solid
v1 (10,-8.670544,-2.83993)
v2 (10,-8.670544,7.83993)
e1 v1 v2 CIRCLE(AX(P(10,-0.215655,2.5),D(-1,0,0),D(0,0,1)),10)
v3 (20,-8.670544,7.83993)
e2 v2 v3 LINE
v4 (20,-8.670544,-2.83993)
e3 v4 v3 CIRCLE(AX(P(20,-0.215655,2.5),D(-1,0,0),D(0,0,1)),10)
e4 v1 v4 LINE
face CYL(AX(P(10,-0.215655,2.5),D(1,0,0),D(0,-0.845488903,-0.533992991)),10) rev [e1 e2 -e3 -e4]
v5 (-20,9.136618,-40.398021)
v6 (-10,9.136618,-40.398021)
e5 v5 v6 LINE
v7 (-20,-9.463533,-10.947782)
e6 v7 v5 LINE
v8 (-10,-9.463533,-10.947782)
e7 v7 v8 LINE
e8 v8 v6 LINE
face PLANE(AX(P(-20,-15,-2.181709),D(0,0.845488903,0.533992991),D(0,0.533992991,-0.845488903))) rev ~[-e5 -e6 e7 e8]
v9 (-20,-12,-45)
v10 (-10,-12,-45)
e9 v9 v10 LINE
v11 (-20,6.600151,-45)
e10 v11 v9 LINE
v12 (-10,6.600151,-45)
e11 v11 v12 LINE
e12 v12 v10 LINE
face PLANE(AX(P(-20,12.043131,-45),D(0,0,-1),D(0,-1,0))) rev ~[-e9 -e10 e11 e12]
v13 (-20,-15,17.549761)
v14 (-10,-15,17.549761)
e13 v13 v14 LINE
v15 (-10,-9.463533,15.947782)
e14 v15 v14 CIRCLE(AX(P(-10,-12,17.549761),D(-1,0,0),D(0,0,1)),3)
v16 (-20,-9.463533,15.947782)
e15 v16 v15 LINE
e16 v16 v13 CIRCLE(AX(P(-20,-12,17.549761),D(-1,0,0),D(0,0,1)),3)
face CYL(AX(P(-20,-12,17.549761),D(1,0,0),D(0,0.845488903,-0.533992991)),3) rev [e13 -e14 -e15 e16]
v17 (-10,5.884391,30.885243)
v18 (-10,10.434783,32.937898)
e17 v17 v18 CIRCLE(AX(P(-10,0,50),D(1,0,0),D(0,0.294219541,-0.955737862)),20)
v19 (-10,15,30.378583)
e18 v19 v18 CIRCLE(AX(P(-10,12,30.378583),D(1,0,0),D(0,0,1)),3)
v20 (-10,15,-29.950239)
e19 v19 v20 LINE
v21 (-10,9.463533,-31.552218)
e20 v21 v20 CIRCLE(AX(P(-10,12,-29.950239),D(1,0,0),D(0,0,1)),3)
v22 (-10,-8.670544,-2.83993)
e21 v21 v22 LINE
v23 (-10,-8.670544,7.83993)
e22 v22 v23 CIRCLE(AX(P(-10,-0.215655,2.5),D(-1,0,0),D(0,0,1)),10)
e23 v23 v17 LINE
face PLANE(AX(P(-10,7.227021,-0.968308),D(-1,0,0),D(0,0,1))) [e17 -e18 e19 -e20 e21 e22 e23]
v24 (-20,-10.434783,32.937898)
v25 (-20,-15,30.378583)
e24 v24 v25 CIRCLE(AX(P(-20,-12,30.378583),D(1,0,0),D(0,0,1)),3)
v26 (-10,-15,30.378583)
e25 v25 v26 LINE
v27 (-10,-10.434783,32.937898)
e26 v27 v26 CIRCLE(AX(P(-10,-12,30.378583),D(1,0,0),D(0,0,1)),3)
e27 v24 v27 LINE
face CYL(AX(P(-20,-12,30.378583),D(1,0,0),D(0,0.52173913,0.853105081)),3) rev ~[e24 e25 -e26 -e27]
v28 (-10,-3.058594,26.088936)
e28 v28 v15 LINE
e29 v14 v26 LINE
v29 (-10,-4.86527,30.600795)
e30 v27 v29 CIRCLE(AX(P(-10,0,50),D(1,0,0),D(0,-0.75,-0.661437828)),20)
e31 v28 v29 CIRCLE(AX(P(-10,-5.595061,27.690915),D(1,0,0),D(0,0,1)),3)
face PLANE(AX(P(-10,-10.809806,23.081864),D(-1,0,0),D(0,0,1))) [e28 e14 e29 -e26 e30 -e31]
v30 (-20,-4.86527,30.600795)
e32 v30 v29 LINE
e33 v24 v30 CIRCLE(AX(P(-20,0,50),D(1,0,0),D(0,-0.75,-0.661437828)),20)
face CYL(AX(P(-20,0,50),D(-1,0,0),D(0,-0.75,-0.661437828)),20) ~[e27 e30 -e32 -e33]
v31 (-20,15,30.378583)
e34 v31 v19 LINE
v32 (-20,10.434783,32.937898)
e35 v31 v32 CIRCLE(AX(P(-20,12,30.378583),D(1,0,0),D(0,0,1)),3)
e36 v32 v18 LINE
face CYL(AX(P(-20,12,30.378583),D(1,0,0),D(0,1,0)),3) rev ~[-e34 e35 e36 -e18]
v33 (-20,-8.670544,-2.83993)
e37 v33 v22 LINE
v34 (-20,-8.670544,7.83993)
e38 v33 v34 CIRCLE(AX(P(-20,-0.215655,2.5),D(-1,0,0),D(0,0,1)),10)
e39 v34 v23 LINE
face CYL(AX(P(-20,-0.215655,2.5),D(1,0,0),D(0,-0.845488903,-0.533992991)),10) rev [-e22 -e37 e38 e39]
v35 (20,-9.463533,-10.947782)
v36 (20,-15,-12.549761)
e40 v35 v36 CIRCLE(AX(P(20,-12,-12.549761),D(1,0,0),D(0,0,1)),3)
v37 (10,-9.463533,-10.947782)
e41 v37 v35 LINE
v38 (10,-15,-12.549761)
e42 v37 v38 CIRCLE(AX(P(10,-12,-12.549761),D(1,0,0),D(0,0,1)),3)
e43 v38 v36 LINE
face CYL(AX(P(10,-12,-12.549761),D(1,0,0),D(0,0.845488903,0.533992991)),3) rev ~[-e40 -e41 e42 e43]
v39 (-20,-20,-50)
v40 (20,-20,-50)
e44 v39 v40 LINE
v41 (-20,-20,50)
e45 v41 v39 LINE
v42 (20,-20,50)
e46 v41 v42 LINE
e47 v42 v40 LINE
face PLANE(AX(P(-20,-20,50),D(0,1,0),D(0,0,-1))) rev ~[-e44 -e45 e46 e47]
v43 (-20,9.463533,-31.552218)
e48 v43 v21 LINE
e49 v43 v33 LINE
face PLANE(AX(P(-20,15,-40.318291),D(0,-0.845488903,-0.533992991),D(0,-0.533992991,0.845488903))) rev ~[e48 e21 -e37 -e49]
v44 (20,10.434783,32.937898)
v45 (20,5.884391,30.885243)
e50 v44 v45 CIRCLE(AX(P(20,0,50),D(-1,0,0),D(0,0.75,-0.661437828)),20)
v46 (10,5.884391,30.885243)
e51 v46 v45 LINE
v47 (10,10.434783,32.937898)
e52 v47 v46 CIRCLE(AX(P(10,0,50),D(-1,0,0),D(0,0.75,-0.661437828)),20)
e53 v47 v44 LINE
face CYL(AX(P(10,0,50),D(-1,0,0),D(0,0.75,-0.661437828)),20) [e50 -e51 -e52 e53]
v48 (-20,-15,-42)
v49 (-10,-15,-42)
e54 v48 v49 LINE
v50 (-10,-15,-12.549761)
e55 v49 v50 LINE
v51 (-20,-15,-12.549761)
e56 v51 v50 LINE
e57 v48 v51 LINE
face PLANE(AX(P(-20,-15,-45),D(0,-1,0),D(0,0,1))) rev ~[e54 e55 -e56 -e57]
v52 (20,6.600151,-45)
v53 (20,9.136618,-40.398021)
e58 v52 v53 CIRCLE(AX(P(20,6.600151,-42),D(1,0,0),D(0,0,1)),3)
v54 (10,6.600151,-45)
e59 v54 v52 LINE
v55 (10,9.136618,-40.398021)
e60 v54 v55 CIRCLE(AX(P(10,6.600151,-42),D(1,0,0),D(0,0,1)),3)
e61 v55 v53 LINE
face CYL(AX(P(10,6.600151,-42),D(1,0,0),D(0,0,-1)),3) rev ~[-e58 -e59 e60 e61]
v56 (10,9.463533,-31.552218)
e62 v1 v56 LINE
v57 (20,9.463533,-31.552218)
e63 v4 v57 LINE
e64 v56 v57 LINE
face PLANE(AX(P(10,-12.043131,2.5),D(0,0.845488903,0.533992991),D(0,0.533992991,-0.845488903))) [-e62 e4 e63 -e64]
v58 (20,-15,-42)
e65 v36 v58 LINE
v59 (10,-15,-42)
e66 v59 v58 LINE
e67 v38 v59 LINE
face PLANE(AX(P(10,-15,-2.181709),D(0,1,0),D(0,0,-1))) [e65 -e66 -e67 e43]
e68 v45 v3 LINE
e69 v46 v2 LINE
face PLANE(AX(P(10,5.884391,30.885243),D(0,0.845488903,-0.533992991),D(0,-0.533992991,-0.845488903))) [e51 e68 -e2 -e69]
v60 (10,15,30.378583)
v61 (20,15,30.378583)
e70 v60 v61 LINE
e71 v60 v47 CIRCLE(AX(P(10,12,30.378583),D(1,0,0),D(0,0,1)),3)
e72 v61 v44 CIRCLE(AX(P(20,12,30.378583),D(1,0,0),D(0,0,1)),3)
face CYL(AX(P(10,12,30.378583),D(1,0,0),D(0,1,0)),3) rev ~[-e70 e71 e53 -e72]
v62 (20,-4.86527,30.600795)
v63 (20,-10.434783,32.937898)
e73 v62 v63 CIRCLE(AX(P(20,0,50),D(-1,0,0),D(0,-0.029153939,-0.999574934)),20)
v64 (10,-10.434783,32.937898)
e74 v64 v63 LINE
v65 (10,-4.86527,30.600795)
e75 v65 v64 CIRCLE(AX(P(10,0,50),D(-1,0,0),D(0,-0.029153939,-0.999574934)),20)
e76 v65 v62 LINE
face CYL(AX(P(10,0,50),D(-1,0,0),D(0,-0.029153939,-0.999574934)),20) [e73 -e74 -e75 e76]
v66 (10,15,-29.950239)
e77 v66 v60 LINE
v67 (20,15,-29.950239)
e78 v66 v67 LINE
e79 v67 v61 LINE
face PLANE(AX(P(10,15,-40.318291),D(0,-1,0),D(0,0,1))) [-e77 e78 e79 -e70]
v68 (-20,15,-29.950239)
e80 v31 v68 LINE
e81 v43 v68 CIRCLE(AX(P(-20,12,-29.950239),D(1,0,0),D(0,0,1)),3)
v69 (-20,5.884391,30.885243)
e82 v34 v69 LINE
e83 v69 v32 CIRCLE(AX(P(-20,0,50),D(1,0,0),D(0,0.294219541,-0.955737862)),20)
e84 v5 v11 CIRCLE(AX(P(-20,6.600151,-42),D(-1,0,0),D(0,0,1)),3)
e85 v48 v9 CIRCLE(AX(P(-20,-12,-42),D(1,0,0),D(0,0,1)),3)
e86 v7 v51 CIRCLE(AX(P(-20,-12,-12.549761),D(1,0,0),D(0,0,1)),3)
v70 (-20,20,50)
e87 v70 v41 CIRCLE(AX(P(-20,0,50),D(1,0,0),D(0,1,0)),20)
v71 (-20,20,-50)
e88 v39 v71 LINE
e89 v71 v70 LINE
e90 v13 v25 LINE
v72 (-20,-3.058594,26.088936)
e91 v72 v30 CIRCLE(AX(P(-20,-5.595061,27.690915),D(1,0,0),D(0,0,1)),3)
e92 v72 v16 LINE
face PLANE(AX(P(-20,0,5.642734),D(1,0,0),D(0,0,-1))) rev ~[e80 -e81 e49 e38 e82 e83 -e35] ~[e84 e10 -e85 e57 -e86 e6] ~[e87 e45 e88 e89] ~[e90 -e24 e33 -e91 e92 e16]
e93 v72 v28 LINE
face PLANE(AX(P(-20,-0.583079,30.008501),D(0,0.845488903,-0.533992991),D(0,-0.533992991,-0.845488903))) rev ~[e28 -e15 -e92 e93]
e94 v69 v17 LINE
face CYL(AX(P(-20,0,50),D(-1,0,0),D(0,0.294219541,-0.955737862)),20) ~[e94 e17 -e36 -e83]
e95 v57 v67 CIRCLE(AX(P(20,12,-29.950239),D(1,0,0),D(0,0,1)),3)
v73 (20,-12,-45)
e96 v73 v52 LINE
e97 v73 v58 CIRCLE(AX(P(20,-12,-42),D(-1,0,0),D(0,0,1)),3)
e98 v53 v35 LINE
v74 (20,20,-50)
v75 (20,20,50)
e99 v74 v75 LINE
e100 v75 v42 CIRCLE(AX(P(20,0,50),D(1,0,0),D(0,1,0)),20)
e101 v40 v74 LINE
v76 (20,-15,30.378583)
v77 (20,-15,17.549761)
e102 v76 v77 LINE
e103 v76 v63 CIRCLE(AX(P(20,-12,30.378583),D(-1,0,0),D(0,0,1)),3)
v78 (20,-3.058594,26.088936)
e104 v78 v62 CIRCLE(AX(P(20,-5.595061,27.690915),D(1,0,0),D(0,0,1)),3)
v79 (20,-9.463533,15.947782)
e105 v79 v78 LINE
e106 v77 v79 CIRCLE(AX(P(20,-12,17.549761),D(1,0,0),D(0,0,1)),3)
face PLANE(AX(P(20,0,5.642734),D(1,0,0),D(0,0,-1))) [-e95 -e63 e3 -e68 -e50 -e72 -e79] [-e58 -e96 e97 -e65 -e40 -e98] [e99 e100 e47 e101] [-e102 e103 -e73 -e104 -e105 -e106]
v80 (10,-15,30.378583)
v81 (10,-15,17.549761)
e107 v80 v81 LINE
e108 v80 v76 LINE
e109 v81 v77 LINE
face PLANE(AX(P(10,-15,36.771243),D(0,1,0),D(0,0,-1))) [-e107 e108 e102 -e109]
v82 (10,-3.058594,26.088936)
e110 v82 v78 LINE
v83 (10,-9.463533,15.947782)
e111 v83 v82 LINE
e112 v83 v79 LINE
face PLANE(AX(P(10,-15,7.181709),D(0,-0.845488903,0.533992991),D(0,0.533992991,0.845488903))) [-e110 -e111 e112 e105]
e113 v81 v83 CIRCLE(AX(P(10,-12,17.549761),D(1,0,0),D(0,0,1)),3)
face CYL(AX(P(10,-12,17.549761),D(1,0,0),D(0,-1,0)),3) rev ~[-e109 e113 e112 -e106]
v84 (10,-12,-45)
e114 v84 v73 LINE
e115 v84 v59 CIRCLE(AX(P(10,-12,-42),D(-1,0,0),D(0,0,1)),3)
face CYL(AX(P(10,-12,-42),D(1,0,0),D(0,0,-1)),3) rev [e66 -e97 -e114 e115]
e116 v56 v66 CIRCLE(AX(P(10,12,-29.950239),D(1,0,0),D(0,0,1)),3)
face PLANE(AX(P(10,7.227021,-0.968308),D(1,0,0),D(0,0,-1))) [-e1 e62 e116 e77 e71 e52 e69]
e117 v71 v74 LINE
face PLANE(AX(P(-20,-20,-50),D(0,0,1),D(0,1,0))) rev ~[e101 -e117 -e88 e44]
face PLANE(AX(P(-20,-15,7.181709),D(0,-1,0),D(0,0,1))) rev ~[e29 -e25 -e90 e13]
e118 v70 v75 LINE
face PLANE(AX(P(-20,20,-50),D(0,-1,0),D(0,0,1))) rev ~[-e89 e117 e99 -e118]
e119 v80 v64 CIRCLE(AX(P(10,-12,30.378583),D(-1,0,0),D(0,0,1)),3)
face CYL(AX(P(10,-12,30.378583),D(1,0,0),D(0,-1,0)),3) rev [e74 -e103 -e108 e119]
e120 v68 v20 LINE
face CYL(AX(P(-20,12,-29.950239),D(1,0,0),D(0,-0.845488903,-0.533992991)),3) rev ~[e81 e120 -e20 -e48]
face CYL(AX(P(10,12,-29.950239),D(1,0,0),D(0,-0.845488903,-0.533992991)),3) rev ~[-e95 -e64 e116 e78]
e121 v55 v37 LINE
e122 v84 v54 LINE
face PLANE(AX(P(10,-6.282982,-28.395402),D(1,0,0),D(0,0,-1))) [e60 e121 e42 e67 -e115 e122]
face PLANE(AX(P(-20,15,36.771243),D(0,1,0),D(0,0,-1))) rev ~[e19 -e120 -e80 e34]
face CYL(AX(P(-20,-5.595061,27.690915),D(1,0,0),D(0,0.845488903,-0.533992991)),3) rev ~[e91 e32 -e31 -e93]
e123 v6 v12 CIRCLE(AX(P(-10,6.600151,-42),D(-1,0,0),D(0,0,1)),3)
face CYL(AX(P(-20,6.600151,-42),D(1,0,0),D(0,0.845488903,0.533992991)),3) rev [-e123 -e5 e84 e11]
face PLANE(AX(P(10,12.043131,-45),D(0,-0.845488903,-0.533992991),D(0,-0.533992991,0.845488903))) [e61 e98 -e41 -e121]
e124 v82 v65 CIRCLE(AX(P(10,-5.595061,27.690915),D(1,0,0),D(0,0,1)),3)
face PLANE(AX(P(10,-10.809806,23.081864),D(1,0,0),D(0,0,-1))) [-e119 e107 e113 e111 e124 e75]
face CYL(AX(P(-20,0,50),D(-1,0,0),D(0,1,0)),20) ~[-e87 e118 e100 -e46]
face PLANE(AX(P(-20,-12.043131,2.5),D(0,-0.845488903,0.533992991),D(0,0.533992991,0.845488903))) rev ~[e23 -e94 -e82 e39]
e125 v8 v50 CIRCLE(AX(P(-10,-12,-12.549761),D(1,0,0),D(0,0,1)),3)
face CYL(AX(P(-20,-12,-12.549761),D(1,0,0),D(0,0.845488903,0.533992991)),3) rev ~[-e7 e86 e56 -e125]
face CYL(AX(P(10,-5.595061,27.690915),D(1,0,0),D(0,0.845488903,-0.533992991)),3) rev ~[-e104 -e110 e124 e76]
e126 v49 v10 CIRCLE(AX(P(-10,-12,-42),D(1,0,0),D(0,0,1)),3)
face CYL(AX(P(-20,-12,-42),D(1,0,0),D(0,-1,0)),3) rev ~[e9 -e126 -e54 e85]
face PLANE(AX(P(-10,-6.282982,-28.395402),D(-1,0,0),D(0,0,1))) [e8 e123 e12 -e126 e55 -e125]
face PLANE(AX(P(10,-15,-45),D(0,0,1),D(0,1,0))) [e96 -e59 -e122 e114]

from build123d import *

# Parameters (mm, degrees)
BOSS_EXTRUDE1_DEPTH      = 20
BOSS_EXTRUDE1_DEPTH_BACK = 20
CUT_EXTRUDE1_START       = -10
CUT_EXTRUDE1_DEPTH       = 10
CUT_EXTRUDE3_DEPTH       = 10
FILLET1_R                = 3
FILLET2_R                = 10


with BuildPart() as part:
    # Sketch1 → Boss-Extrude1 (new, two sides: drawn at the far end of the back side and taken through both)
    with BuildSketch(Plane(origin=(0, 0, 0), x_dir=(0, 0, -1), z_dir=(1, 0, 0)).offset(-BOSS_EXTRUDE1_DEPTH_BACK)):
        with BuildLine():
            Line((-50, -20), (50, -20))
            Line((50, -20), (50, 20))
            Line((50, 20), (-50, 20))
            ThreePointArc((-50, 20), (-70, 0), (-50, -20))
        make_face()
    extrude(amount=BOSS_EXTRUDE1_DEPTH + BOSS_EXTRUDE1_DEPTH_BACK)

    # Sketch2 → Cut-Extrude1 (cut)
    with BuildSketch(Plane(origin=(20, 0, 0), x_dir=(0, 0, -1), z_dir=(1, 0, 0)).offset(CUT_EXTRUDE1_START)):
        with BuildLine():
            Line((-2.5, -12.043130914), (40.318290614, 15))
            Line((40.318290614, 15), (-36.771243445, 15))
            ThreePointArc((-36.771243445, 15), (-33.198235095, 10.848995164), (-30.885242753, 5.884390825))
            Line((-30.885242753, 5.884390825), (-2.5, -12.043130914))
        make_face()
        Polygon((45, -15), (45, 12.043130914), (2.181709386, -15), align=None)
        with BuildLine():
            Line((-36.771243445, -15), (-7.181709386, -15))
            Line((-7.181709386, -15), (-30.008501328, -0.583078774))
            ThreePointArc((-30.008501328, -0.583078774), (-31.893143736, -8.493630334), (-36.771243445, -15))
        make_face()
    extrude(amount=CUT_EXTRUDE1_DEPTH, mode=Mode.SUBTRACT)

    # Sketch4 → Cut-Extrude3 (cut)
    with BuildSketch(Plane.ZY.offset(20)):
        with BuildLine():
            Line((2.5, -12.043130914), (30.885242753, 5.884390825))
            ThreePointArc((30.885242753, 5.884390825), (33.198235095, 10.848995164), (36.771243445, 15))
            Line((36.771243445, 15), (-40.318290614, 15))
            Line((-40.318290614, 15), (2.5, -12.043130914))
        make_face()
        with BuildLine():
            Line((7.181709386, -15), (36.771243445, -15))
            ThreePointArc((36.771243445, -15), (31.893143736, -8.493630334), (30.008501328, -0.583078774))
            Line((30.008501328, -0.583078774), (7.181709386, -15))
        make_face()
        Polygon((-45, 12.043130914), (-45, -15), (-2.181709386, -15), align=None)
    extrude(amount=-CUT_EXTRUDE3_DEPTH, mode=Mode.SUBTRACT)

    # Fillet1
    fillet1_edges = [part.edges().sort_by_distance(p)[0] for p in [
        (15, -15, 36.771243445),
        (15, -0.583078774, 30.008501328),
        (15, -15, 7.181709386),
        (15, 12.043130914, -45),
        (15, -15, -45),
        (15, -15, -2.181709386),
        (15, 15, 36.771243445),
        (15, 15, -40.318290614),
        (-15, 15, 36.771243445),
        (-15, 15, -40.318290614),
        (-15, -0.583078774, 30.008501328),
        (-15, -15, 36.771243445),
        (-15, -15, 7.181709386),
        (-15, -15, -2.181709386),
        (-15, -15, -45),
        (-15, 12.043130914, -45),
    ]]
    fillet(fillet1_edges, radius=FILLET1_R)

    # Fillet2
    fillet2_edges = [part.edges().sort_by_distance(p)[0] for p in [
        (15, -12.043130914, 2.5),
        (-15, -12.043130914, 2.5),
    ]]
    fillet(fillet2_edges, radius=FILLET2_R)


solid = part.part
